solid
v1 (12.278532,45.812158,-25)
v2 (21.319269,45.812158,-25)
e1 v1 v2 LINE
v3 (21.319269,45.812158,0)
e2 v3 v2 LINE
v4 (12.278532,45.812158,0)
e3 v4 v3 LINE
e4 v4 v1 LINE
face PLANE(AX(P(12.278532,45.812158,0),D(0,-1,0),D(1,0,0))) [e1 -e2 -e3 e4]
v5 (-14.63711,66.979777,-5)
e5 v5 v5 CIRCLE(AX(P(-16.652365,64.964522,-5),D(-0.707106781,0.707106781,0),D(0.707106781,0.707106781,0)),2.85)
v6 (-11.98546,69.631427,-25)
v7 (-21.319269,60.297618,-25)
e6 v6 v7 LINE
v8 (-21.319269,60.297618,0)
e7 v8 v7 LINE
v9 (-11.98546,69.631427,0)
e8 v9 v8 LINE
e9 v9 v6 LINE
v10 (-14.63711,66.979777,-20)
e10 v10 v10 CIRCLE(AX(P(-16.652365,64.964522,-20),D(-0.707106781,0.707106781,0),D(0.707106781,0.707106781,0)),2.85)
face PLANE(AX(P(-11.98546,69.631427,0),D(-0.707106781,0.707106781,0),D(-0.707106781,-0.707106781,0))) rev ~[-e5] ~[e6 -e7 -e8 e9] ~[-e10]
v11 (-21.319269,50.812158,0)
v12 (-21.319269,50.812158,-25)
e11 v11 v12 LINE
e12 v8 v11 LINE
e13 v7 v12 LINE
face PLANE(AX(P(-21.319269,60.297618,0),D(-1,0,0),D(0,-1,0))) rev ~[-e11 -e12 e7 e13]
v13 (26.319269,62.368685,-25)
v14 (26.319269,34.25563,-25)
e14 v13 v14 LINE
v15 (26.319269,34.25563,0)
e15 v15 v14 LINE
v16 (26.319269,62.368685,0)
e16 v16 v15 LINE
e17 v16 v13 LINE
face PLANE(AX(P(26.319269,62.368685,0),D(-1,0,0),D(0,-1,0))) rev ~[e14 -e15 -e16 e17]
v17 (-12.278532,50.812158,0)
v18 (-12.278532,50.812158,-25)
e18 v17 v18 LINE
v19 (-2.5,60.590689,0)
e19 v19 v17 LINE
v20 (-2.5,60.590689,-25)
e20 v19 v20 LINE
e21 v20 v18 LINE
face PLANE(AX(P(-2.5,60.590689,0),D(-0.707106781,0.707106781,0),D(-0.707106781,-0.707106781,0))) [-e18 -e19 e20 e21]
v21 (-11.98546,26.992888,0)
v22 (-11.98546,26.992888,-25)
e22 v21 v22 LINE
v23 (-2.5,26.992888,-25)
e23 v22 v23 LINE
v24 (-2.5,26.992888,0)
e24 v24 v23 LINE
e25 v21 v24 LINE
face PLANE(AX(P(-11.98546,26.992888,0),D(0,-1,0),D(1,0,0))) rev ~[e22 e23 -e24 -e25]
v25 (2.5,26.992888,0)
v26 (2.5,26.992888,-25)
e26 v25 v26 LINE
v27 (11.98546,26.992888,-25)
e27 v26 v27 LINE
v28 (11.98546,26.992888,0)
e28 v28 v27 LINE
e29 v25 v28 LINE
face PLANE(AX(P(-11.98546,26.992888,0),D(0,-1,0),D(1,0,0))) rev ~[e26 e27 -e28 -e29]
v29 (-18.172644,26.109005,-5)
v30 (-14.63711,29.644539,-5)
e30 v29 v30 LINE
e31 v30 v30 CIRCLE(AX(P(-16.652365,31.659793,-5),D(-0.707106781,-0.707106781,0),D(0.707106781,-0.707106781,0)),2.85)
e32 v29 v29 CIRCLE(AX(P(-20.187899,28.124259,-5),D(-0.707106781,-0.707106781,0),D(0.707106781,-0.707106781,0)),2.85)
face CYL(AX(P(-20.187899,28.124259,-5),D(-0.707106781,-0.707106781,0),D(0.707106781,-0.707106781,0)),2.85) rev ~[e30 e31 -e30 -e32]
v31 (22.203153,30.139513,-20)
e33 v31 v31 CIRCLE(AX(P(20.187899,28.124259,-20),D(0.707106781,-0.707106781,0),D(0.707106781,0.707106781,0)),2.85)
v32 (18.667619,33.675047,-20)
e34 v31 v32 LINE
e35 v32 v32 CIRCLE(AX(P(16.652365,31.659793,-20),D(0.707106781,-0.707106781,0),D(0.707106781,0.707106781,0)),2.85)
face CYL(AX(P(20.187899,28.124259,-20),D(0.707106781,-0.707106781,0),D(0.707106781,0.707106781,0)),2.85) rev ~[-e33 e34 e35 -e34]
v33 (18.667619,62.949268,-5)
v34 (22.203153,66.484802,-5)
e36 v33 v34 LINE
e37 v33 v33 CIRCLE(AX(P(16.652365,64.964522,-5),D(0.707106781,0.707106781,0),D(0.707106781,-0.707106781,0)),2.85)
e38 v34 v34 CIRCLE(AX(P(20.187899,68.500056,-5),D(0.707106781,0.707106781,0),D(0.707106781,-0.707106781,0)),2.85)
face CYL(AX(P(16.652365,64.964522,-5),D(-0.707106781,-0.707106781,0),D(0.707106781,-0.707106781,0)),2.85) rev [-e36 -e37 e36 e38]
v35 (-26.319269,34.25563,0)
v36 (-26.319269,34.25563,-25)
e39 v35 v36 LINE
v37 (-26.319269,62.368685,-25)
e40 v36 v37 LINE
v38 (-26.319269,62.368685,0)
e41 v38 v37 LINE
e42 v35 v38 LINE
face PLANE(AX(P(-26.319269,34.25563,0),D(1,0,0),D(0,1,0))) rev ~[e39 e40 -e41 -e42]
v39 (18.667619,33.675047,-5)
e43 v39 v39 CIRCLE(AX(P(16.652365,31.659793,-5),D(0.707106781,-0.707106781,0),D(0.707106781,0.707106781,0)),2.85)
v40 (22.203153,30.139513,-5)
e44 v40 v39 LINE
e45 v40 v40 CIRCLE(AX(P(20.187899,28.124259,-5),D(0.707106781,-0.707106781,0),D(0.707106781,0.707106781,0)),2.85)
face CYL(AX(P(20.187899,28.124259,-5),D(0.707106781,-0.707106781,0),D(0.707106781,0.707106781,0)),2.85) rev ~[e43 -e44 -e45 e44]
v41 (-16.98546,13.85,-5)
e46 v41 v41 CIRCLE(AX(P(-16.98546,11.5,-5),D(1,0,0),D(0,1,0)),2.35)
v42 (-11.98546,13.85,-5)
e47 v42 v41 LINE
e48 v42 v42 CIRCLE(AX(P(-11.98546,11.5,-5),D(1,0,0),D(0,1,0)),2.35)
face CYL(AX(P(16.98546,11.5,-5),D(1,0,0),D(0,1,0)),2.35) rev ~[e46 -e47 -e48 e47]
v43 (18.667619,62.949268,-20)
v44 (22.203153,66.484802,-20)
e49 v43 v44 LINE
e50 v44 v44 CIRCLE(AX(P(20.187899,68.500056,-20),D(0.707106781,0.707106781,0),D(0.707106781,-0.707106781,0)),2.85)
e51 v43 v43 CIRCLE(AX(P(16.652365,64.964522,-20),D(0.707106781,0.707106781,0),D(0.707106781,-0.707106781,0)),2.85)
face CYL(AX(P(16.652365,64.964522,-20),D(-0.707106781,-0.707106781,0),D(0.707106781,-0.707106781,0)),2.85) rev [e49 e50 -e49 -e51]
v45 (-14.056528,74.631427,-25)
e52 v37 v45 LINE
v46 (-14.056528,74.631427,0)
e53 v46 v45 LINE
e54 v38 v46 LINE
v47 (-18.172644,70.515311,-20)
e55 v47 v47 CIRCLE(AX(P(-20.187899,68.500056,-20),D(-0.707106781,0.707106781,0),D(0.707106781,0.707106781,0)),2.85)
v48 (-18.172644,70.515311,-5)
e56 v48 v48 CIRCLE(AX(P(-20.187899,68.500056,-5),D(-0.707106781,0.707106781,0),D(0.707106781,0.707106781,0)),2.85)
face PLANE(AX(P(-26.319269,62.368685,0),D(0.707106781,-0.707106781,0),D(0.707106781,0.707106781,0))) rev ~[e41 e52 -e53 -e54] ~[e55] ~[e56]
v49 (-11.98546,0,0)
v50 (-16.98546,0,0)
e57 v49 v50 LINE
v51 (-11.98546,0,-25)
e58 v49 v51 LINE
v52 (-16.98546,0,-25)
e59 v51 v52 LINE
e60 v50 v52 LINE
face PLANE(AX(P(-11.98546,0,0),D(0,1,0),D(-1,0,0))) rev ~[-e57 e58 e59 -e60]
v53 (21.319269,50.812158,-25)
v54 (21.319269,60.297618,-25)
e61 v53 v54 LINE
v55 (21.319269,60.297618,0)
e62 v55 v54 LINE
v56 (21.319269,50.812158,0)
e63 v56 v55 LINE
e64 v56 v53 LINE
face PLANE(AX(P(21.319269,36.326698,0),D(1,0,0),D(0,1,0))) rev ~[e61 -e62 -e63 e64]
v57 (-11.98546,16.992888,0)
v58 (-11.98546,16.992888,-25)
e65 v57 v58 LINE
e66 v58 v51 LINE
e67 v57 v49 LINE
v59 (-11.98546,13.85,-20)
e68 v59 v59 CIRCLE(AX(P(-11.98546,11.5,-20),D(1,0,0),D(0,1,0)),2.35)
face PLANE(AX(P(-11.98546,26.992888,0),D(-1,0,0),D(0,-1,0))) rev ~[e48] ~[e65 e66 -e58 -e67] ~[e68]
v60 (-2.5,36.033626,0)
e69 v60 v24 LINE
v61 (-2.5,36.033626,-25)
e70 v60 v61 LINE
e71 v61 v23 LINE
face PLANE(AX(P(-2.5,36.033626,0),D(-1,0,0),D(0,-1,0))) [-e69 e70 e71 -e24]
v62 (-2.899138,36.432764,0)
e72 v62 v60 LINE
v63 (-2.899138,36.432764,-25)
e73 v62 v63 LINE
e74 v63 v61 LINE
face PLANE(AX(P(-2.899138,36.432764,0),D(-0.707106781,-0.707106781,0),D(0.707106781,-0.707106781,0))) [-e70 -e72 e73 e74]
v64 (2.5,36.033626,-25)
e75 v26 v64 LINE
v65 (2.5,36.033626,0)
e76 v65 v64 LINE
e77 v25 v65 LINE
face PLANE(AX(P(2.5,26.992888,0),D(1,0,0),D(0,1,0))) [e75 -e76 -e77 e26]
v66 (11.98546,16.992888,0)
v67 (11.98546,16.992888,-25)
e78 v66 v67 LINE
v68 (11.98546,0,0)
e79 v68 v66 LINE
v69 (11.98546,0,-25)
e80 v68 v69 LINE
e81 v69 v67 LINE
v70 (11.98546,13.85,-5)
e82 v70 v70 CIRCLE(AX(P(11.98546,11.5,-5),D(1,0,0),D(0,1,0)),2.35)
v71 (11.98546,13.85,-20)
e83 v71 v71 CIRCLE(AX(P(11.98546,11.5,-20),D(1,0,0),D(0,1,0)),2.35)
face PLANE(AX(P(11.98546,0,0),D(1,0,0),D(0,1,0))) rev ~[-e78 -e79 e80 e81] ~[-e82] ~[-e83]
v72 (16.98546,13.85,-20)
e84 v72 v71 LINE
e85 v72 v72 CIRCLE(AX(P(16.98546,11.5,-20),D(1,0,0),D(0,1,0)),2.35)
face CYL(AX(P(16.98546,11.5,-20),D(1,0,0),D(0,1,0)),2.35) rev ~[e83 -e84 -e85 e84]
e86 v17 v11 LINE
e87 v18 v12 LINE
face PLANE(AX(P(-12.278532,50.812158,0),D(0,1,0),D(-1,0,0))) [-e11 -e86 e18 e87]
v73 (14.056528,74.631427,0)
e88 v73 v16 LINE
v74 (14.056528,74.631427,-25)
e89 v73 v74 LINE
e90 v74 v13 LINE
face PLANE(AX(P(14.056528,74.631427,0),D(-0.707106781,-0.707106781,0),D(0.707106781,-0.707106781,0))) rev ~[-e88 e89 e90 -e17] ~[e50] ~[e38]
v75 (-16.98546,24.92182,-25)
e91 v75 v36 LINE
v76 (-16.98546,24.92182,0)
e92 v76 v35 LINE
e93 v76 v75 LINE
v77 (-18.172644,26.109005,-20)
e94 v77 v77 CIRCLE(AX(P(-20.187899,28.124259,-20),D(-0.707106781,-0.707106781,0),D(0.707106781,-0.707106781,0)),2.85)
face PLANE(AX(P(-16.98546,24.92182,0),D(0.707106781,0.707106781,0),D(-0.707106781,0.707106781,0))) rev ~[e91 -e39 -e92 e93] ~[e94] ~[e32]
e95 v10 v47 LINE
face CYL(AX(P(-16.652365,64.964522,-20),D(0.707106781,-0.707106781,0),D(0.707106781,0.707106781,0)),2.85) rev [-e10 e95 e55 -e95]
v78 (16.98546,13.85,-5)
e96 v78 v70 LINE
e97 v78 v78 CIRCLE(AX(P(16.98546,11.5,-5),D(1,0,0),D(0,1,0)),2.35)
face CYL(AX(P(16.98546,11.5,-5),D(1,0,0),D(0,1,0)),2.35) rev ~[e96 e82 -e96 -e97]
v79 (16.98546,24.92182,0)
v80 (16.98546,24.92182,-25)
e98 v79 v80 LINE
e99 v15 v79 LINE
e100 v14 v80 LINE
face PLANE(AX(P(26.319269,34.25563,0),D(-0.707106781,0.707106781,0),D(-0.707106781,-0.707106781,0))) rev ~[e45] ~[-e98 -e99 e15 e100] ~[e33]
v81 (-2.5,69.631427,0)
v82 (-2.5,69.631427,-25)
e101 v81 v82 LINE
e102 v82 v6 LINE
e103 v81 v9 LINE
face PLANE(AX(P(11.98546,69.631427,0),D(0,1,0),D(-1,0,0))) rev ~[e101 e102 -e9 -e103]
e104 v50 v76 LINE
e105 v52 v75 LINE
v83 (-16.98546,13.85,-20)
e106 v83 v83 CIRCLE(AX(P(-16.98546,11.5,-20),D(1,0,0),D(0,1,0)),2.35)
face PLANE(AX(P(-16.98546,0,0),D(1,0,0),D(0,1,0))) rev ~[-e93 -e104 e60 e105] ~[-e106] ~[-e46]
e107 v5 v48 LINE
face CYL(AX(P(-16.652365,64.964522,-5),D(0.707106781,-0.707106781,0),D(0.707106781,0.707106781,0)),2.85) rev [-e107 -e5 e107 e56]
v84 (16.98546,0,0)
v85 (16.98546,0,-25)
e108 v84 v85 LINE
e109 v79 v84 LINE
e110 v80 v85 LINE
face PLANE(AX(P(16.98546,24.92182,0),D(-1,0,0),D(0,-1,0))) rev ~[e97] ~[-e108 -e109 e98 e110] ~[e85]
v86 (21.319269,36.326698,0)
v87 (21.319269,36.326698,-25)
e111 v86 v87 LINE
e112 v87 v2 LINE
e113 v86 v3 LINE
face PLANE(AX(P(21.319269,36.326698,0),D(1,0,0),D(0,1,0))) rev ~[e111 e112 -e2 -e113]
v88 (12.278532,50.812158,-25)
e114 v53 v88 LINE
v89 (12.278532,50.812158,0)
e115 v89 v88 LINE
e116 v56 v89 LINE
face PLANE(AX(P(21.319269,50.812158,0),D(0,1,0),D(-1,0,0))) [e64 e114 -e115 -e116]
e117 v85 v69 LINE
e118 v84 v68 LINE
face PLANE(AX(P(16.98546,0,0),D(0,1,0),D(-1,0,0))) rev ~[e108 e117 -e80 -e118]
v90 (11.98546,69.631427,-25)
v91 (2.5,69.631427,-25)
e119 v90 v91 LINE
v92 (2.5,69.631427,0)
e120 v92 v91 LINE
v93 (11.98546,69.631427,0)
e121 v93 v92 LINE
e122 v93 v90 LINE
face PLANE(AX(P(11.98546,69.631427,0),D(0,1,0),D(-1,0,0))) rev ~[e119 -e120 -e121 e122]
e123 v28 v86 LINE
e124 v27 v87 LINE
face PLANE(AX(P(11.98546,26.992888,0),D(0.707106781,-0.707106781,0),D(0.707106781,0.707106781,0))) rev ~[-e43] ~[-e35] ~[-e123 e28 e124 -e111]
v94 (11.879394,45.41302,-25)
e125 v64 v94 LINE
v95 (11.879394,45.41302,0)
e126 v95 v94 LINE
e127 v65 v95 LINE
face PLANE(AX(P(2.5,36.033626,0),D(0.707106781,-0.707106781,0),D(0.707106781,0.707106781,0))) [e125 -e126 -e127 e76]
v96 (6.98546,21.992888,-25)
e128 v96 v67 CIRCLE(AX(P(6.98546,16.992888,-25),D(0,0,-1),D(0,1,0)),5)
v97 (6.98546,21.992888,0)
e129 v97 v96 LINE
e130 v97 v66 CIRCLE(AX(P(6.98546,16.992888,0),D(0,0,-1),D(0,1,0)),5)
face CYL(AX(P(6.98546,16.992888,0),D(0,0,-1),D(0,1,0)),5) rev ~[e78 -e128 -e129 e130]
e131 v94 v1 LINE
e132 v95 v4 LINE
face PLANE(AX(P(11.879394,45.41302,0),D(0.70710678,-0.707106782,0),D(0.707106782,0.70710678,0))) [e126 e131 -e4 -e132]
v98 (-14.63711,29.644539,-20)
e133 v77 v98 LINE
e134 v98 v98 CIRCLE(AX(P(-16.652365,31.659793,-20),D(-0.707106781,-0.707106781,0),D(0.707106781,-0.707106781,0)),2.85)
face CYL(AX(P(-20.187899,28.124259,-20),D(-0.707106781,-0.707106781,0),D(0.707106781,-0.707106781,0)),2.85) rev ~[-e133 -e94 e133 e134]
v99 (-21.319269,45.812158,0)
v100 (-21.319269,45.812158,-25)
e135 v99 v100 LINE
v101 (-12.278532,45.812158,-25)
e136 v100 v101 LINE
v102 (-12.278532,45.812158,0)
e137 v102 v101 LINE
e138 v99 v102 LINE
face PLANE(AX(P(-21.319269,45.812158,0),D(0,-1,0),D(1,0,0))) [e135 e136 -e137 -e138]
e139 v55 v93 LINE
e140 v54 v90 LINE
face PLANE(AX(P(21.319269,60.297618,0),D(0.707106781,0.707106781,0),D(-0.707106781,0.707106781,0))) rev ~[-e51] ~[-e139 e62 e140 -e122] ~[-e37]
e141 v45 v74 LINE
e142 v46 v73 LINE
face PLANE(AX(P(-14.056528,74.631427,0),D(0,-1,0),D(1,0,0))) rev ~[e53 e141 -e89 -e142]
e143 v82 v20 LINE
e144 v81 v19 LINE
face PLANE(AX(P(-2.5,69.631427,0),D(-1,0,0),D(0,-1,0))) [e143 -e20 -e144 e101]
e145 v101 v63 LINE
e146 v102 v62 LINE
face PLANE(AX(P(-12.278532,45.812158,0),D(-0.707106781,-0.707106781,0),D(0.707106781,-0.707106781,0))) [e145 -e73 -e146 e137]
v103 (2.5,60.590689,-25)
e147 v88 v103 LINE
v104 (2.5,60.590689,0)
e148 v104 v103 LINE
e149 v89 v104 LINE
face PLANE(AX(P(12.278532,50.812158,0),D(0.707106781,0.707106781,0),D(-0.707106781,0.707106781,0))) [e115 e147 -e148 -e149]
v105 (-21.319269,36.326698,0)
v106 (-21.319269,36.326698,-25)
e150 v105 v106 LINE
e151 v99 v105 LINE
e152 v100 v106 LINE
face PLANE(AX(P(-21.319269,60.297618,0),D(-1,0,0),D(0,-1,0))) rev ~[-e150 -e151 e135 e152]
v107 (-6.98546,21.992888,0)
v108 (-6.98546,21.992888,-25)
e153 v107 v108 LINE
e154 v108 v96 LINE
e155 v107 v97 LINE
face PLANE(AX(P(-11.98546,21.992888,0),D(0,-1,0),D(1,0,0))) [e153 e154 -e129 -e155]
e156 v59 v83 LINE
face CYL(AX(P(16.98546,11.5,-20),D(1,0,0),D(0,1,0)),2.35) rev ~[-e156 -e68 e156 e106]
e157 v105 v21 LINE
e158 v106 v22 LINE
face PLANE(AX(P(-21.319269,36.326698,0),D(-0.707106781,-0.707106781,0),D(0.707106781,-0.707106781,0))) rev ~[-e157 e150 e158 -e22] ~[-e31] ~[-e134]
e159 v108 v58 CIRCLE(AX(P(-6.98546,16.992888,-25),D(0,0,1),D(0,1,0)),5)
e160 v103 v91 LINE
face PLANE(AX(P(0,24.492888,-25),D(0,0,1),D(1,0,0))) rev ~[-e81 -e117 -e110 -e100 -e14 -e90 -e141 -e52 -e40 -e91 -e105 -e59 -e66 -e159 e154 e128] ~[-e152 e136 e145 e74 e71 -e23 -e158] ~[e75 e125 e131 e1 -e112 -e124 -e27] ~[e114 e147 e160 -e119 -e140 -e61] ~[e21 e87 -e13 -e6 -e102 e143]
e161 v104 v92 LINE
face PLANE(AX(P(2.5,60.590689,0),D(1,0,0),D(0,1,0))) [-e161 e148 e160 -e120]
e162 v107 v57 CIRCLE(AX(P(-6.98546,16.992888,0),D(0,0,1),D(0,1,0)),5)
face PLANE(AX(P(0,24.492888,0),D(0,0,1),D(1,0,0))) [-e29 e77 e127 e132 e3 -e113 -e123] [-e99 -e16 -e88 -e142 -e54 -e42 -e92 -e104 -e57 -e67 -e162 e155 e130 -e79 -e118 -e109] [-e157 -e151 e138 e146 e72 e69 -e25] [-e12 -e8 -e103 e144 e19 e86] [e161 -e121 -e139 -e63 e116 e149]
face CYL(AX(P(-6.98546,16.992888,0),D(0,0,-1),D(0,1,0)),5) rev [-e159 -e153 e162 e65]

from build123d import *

# Parameters (mm, degrees)
EXTRUDE_THIN1_DEPTH = 25
SKETCH5_W           = 23.970919882
SKETCH5_H           = 5
BOSS_EXTRUDE2_DEPTH = 25
BOSS_EXTRUDE3_DEPTH = 25
SKETCH6_R           = 2.85
CUT_EXTRUDE1_DEPTH  = 5
SKETCH9_R           = 2.85
CUT_EXTRUDE2_DEPTH  = 5
CUT_EXTRUDE3_START  = -5
SKETCH10_R          = 2.85
CUT_EXTRUDE3_DEPTH  = 5
CUT_EXTRUDE4_START  = -5
SKETCH11_R          = 2.85
CUT_EXTRUDE4_DEPTH  = 5
FILLET1_R           = 5
CUT_EXTRUDE5_REACH  = 91.834
SKETCH12_R          = 2.35


with BuildPart() as part:
    # Sketch1 → Extrude-Thin1 (new body)
    with BuildSketch(Plane.XY):
        Polygon((11.985459941, 0), (11.985459941, 26.992888143), (21.319269453, 36.326697654), (21.319269453, 60.297617537), (11.985459941, 69.631427048), (-11.985459941, 69.631427048), (-21.319269453, 60.297617537), (-21.319269453, 36.326697654), (-11.985459941, 26.992888143), (-11.985459941, 0), (-16.985459941, 0), (-16.985459941, 24.921820331), (-26.319269453, 34.255629842), (-26.319269453, 62.368685348), (-14.056527753, 74.631427048), (14.056527753, 74.631427048), (26.319269453, 62.368685348), (26.319269453, 34.255629842), (16.985459941, 24.921820331), (16.985459941, 0), align=None)
    extrude(amount=-EXTRUDE_THIN1_DEPTH)

    # Sketch5 → Boss-Extrude2 (add)
    with BuildSketch(Plane.XY):
        with Locations((0, 24.492888143)):
            Rectangle(SKETCH5_W, SKETCH5_H)
    extrude(amount=-BOSS_EXTRUDE2_DEPTH)

    # Sketch3 → Boss-Extrude3 (add)
    with BuildSketch(Plane.XY):
        Polygon((-2.5, 36.033625869), (-2.5, 26.992888143), (2.5, 26.992888143), (2.5, 36.033625869), (2.899137803, 36.432763672), (11.879393924, 45.413019793), (12.278531727, 45.812157595), (21.319269453, 45.812157595), (21.319269453, 50.812157595), (12.278531727, 50.812157595), (11.879393924, 51.211295398), (2.899137803, 60.191551519), (2.5, 60.590689322), (2.5, 69.631427048), (-2.5, 69.631427048), (-2.5, 60.590689322), (-2.899137803, 60.191551519), (-12.278531727, 50.812157595), (-21.319269453, 50.812157595), (-21.319269453, 45.812157595), (-12.278531727, 45.812157595), (-2.899137803, 36.432763672), align=None)
    extrude(amount=-BOSS_EXTRUDE3_DEPTH)

    # Sketch6 → Cut-Extrude1 (cut)
    with BuildSketch(Plane(origin=(3.968180195, 3.968180195, 0), x_dir=(0, 0, 1), z_dir=(-0.7071067811865479, -0.7071067811865471, 0))):
        with Locations(Location((-20, 34.161854249, 0), (0, 0, 270))):
            Circle(SKETCH6_R)
        with Locations(Location((-5, 34.161854249, 0), (0, 0, 270))):
            Circle(SKETCH6_R)
    extrude(amount=-CUT_EXTRUDE1_DEPTH, mode=Mode.SUBTRACT)

    # Sketch9 → Cut-Extrude2 (cut)
    with BuildSketch(Plane(origin=(-3.968180195, 3.968180195, 0), x_dir=(0, 0, 1), z_dir=(0.7071067811865479, -0.7071067811865471, 0))):
        with Locations(Location((-20, -34.161854249, 0), (0, 0, 270))):
            Circle(SKETCH9_R)
        with Locations(Location((-5, -34.161854249, 0), (0, 0, 270))):
            Circle(SKETCH9_R)
    extrude(amount=-CUT_EXTRUDE2_DEPTH, mode=Mode.SUBTRACT)

    # Sketch10 → Cut-Extrude3 (cut)
    with BuildSketch(Plane(origin=(-44.343977401, 44.343977401, 0), x_dir=(0, 0, 1), z_dir=(-0.7071067811865471, 0.707106781186548, 0)).offset(CUT_EXTRUDE3_START)):
        with Locations(Location((-20, 34.161854249, 0), (0, 0, 90))):
            Circle(SKETCH10_R)
        with Locations(Location((-5, 34.161854249, 0), (0, 0, 90))):
            Circle(SKETCH10_R)
    extrude(amount=CUT_EXTRUDE3_DEPTH, mode=Mode.SUBTRACT)

    # Sketch11 → Cut-Extrude4 (cut)
    with BuildSketch(Plane(origin=(44.343977401, 44.343977401, 0), x_dir=(0, 0, -1), z_dir=(0.7071067811865471, 0.707106781186548, 0)).offset(CUT_EXTRUDE4_START)):
        with Locations(Location((5, 34.161854249, 0), (0, 0, 270))):
            Circle(SKETCH11_R)
        with Locations(Location((20, 34.161854249, 0), (0, 0, 270))):
            Circle(SKETCH11_R)
    extrude(amount=CUT_EXTRUDE4_DEPTH, mode=Mode.SUBTRACT)

    # Fillet1
    fillet1_edges = [part.edges().sort_by_distance(p)[0] for p in [
        (11.985459941, 21.992888143, -12.5),
        (-11.985459941, 21.992888143, -12.5),
    ]]
    fillet(fillet1_edges, radius=FILLET1_R)

    # Cut-Extrude5: up to this face of the body (flat: up to its plane)
    cut_extrude5_end = Plane(part.part.faces().sort_by_distance((-16.985459941, 12.460910165, -12.5))[0])
    # Sketch12 → Cut-Extrude5 (cut, up to the picked face)
    with BuildSketch(Plane(origin=(16.985459941, 0, 0), x_dir=(0, 0, -1), z_dir=(1, 0, 0)), mode=Mode.PRIVATE) as cut_extrude5_sk1:
        with Locations(Location((20, 11.5, 0), (0, 0, 90))):
            Circle(SKETCH12_R)
    cut_extrude5_tool1 = split(extrude(cut_extrude5_sk1.sketch, amount=-CUT_EXTRUDE5_REACH, mode=Mode.PRIVATE), bisect_by=cut_extrude5_end, keep=Keep.BOTH, mode=Mode.PRIVATE)
    # Sketch12 → Cut-Extrude5 (cut, up to the picked face)
    with BuildSketch(Plane(origin=(16.985459941, 0, 0), x_dir=(0, 0, -1), z_dir=(1, 0, 0)), mode=Mode.PRIVATE) as cut_extrude5_sk2:
        with Locations(Location((5, 11.5, 0), (0, 0, 90))):
            Circle(SKETCH12_R)
    cut_extrude5_tool2 = split(extrude(cut_extrude5_sk2.sketch, amount=-CUT_EXTRUDE5_REACH, mode=Mode.PRIVATE), bisect_by=cut_extrude5_end, keep=Keep.BOTH, mode=Mode.PRIVATE)
    add(cut_extrude5_tool1.solids().sort_by(Axis((16.98546, 11.5, -20), (-1, 0, 0)))[0], mode=Mode.SUBTRACT)
    add(cut_extrude5_tool2.solids().sort_by(Axis((16.98546, 11.5, -5), (-1, 0, 0)))[0], mode=Mode.SUBTRACT)


solid = part.part
